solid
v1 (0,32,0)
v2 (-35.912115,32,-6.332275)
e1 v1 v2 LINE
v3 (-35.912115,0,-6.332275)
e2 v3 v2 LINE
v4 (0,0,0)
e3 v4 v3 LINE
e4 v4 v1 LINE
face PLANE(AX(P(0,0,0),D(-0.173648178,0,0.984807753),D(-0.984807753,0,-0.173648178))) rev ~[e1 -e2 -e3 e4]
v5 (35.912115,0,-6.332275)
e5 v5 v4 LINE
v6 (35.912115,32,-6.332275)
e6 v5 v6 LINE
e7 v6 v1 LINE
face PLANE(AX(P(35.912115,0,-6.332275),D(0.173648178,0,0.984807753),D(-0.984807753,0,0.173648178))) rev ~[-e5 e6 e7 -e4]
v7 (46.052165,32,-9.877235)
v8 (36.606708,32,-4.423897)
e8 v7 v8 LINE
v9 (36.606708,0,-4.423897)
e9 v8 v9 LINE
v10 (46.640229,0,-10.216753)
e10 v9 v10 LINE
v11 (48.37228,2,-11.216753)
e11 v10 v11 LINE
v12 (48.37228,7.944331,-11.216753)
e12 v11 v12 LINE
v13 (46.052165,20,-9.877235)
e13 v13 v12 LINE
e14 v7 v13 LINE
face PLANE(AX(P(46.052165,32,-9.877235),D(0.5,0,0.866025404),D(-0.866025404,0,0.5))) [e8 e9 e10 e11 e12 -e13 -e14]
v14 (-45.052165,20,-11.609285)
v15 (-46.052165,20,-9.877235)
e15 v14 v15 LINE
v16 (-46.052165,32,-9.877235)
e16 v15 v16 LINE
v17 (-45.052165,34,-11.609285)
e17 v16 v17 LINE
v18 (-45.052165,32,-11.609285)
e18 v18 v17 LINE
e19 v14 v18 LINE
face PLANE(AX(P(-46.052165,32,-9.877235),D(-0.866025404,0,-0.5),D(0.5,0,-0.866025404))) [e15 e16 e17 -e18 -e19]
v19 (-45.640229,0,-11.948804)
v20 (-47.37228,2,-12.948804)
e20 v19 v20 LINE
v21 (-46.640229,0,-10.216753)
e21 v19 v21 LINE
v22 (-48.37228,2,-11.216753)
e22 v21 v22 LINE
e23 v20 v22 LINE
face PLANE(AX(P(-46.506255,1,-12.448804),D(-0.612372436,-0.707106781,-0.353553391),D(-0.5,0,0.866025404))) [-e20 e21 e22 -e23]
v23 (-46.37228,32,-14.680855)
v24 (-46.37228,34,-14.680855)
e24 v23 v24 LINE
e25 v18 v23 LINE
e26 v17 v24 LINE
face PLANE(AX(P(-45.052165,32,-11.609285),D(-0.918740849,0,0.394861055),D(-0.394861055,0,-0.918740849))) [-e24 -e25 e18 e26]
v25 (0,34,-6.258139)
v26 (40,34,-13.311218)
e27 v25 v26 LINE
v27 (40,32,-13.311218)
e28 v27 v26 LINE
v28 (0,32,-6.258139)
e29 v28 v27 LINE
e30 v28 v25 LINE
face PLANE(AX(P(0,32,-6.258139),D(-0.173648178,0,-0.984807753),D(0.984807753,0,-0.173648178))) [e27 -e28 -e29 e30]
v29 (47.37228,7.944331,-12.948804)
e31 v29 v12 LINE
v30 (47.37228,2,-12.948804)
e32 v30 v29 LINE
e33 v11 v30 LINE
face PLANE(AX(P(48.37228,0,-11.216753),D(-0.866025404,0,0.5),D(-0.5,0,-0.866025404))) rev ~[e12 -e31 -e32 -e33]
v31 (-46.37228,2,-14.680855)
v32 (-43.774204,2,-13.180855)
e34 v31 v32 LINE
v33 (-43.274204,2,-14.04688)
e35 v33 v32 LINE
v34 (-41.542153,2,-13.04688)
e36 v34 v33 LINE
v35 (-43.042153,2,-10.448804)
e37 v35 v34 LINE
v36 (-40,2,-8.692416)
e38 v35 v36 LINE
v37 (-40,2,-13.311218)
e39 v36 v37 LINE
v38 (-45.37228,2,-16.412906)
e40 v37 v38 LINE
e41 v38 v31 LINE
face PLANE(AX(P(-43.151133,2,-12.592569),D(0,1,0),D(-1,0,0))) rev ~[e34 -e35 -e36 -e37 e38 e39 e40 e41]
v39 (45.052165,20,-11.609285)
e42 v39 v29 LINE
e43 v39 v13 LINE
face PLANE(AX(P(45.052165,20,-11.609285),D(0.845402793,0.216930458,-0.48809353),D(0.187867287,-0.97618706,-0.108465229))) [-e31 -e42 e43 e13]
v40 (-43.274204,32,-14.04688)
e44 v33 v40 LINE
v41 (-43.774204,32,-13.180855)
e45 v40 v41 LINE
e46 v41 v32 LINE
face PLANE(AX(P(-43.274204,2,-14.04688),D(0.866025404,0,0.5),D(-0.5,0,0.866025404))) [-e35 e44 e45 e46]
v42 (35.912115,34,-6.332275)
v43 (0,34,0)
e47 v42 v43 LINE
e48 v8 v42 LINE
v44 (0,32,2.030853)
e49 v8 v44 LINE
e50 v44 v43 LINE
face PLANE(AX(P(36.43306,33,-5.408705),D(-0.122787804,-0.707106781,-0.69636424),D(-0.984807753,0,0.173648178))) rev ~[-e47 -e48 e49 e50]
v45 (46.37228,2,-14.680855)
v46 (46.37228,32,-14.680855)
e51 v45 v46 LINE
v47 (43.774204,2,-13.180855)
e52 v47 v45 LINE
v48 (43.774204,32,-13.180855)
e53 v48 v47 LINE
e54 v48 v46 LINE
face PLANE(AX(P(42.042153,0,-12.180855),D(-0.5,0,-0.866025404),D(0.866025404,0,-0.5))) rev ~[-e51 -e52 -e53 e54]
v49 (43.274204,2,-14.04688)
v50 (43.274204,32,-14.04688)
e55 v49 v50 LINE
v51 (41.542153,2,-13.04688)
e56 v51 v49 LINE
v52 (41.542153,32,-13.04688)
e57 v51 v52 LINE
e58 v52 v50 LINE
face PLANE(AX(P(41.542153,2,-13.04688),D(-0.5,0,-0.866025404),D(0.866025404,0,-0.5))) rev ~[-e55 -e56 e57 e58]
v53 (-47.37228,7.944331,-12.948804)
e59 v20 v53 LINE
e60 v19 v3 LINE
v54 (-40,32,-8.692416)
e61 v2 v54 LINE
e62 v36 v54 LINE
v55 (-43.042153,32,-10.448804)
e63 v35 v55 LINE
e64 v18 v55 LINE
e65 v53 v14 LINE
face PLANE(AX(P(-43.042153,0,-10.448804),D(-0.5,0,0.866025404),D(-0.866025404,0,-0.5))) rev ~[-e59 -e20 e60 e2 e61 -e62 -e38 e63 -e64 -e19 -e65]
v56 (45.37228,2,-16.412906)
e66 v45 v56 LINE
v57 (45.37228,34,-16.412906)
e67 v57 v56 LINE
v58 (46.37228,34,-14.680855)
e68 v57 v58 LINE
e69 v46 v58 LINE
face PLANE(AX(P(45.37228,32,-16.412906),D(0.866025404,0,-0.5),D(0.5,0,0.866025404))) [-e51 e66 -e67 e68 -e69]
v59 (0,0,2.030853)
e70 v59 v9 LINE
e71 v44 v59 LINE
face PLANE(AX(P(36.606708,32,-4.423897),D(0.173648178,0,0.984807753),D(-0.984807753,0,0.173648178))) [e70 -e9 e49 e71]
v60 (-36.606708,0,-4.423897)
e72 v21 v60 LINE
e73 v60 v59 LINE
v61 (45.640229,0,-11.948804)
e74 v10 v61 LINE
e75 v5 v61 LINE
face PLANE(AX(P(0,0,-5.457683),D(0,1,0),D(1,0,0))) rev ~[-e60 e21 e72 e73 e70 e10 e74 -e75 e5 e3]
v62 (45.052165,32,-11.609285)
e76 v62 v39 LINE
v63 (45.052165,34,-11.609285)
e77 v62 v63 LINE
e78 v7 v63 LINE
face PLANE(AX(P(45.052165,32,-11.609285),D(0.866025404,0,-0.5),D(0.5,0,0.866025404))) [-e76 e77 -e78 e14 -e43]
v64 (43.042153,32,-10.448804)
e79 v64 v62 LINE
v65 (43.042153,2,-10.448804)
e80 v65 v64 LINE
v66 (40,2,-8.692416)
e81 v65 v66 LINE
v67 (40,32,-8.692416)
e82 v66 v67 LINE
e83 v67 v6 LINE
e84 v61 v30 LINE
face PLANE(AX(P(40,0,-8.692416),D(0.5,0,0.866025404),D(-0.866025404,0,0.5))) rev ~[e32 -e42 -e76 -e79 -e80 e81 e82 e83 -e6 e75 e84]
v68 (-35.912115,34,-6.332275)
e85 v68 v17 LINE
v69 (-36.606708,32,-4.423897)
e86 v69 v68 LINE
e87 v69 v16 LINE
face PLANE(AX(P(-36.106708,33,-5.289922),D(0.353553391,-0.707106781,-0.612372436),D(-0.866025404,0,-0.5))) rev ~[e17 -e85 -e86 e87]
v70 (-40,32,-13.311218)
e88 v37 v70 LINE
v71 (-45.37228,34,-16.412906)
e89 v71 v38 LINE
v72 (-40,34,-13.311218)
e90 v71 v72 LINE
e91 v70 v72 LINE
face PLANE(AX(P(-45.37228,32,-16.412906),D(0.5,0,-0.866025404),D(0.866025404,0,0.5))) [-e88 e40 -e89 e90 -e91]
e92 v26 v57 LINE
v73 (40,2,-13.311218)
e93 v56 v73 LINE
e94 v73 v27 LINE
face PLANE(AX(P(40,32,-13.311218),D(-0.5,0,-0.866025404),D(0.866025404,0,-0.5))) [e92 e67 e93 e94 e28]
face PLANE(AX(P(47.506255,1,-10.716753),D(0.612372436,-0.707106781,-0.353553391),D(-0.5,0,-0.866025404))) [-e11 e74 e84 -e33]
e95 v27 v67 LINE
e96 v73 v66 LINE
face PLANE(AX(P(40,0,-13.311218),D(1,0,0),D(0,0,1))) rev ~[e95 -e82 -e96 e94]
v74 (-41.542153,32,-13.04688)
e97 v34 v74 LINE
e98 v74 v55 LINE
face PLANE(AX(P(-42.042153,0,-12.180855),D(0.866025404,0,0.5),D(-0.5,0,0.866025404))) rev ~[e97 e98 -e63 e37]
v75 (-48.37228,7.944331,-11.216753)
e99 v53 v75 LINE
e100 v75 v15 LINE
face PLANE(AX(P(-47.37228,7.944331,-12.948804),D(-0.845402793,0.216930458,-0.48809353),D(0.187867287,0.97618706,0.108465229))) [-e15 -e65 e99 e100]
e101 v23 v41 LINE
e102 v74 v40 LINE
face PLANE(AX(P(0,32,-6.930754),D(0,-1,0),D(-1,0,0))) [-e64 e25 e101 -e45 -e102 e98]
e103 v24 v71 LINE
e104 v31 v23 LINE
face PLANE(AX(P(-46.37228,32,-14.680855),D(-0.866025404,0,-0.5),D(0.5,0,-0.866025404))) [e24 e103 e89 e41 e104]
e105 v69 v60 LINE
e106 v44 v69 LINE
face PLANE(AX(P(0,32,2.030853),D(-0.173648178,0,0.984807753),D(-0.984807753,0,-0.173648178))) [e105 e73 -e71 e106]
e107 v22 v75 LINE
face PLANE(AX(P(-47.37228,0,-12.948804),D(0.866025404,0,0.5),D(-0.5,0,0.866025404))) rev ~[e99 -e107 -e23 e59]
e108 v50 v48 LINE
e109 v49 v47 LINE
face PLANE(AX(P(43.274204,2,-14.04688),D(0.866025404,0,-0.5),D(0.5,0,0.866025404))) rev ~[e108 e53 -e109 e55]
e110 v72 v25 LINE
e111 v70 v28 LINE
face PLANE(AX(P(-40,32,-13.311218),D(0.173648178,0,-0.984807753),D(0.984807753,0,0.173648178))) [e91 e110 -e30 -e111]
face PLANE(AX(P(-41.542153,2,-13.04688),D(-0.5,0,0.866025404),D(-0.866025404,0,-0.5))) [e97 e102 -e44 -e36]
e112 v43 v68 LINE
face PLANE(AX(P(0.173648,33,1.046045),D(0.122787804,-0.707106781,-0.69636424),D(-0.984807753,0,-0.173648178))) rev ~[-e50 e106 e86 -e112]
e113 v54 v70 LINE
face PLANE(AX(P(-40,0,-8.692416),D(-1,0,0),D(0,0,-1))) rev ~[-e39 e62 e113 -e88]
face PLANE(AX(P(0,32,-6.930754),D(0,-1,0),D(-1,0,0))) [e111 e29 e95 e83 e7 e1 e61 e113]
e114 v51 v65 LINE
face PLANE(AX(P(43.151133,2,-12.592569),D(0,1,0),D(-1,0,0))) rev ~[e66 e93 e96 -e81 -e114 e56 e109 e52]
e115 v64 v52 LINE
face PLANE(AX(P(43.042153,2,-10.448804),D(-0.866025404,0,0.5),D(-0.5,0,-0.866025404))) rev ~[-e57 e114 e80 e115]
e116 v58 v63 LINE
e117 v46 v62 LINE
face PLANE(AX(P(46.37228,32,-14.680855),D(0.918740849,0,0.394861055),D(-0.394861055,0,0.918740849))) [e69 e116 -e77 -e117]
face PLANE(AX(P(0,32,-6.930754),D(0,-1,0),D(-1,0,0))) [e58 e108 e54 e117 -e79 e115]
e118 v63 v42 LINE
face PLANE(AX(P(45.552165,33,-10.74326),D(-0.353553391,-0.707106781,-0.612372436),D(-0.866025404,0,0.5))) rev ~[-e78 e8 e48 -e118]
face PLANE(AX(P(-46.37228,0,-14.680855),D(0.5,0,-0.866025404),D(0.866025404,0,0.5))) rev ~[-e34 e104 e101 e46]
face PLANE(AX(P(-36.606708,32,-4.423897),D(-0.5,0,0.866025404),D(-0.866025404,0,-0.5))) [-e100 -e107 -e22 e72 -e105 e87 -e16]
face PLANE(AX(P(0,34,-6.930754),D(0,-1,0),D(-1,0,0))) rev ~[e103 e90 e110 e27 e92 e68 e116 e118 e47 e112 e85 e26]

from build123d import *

# Parameters (mm, degrees)
BOSS_EXTRUDE2_DEPTH = 32
CUT_EXTRUDE2_DEPTH  = 2
CHAMFER3_SIZE       = 2
CUT_EXTRUDE3_DEPTH  = 2
BOSS_EXTRUDE4_DEPTH = 2
CHAMFER4_SIZE       = 2
CUT_EXTRUDE4_DEPTH  = 2
CUT_EXTRUDE5_DEPTH  = 30


with BuildPart() as part:
    # Sketch1 → Boss-Extrude2 (new body)
    with BuildSketch(Plane(origin=(0, 0, 0), x_dir=(1, 0, 0), z_dir=(0, 1, 0))):
        Polygon((-46.372280014218745, 14.680854952562456), (-42.04215299529653, 12.180854952562488), (-43.04215299529651, 10.448804144993609), (-47.372280014218724, 12.948804144993577), (-48.37228001421871, 11.216753337424702), (-36.60670775986293, 4.423897029202528), (1.0929e-13, -2.030853223771254), (36.60670775986312, 4.423897029202558), (48.37228001421891, 11.216753337424812), (47.37228001421898, 12.948804144993561), (43.04215299529678, 10.448804144993572), (42.04215299529679, 12.180854952562449), (46.37228001421899, 14.680854952562438), (45.372280014219, 16.412905760131313), (40, 13.31121844775995), (40, 8.692416294243028), (35.91211504919529, 6.332274817479665), (0, 0), (-35.91211504919526, 6.3322748174796235), (-40.00000000000001, 8.692416294243028), (-40.00000000000001, 13.311218447759854), (-45.37228001421887, 16.41290576013115), align=None)
    extrude(amount=BOSS_EXTRUDE2_DEPTH)

    # Sketch9 → Cut-Extrude2 (cut)
    with BuildSketch(Plane(origin=(6.236073334457828, 0, 10.801195855006485), x_dir=(-0.8660254037844402, 0, 0.4999999999999974), z_dir=(-0.4999999999999974, 0, -0.8660254037844402))):
        Polygon((-44.8209624184392, 20), (-47.50000000000022, 7.944330883818674), (-47.50000000000013, 32), (-44.8209624184392, 32), align=None)
    extrude(amount=-CUT_EXTRUDE2_DEPTH, mode=Mode.SUBTRACT)

    # Chamfer3
    chamfer3_edges = [part.edges().sort_by_distance(p)[0] for p in [
        (47.872280014218944, 0, -12.082778741209186),
        (-47.87228001421872, 0, -12.08277874120914),
    ]]
    chamfer(chamfer3_edges, length=CHAMFER3_SIZE)

    # Sketch8 → Cut-Extrude3 (cut)
    with BuildSketch(Plane(origin=(-6.236073334457578, 0, 10.801195855006183), x_dir=(-0.8660254037844388, 0, -0.49999999999999983), z_dir=(0.4999999999999998, 0, -0.8660254037844387))):
        Polygon((44.82096241843918, 32), (47.50000000000006, 32), (47.50000000000006, 7.944330883819361), (44.82096241843918, 20), align=None)
    extrude(amount=-CUT_EXTRUDE3_DEPTH, mode=Mode.SUBTRACT)

    # Sketch11 → Boss-Extrude4 (add)
    with BuildSketch(Plane(origin=(0, 32, 0), x_dir=(1, 0, 0), z_dir=(0, 1, 0))):
        Polygon((-46.37228001421867, 14.680854952562523), (-45.37228001421879, 16.4129057601312), (-40.00000000000001, 13.311218447759854), (-1.3184e-13, 6.258139219421286), (40, 13.31121844775995), (45.37228001421892, 16.412905760131267), (46.372280014218916, 14.680854952562392), (45.052165410893835, 11.609285354213014), (46.05216541089376, 9.87723454664427), (36.60670775986312, 4.423897029202558), (1.0929e-13, -2.030853223771254), (-36.60670775986293, 4.423897029202528), (-46.052165410893714, 9.877234546644353), (-45.0521654108937, 11.609285354213252), align=None)
    extrude(amount=BOSS_EXTRUDE4_DEPTH)

    # Chamfer4
    chamfer4_edges = [part.edges().sort_by_distance(p)[0] for p in [
        (18.303353879931613, 34, -1.1965219027156522),
        (-18.303353879931407, 34, -1.1965219027156366),
        (41.32943658537844, 34, -7.150565787923414),
        (-41.32943658537832, 34, -7.1505657879234406),
    ]]
    chamfer(chamfer4_edges, length=CHAMFER4_SIZE)

    # Sketch12 → Cut-Extrude4 (cut)
    with BuildSketch(Plane.XZ):
        Polygon((40, -8.692416294243028), (43.04215299529678, -10.448804144993572), (47.37228001421891, -12.948804144993517), (45.37228001421892, -16.412905760131267), (40, -13.31121844775995), align=None)
        Polygon((-47.37228001421867, -12.948804144993655), (-40.00000000000001, -8.692416294243028), (-40.00000000000001, -13.311218447759854), (-45.37228001421879, -16.4129057601312), align=None)
    extrude(amount=-CUT_EXTRUDE4_DEPTH, mode=Mode.SUBTRACT)

    # Sketch13 → Cut-Extrude5 (cut)
    with BuildSketch(Plane.XZ.offset(-2)):
        Polygon((43.04215299529678, -10.448804144993572), (42.04215299529679, -12.180854952562449), (41.54215299529678, -13.046880356346884), (43.27420380286566, -14.046880356346884), (44.774203802865564, -11.448804144993552), align=None)
        Polygon((-43.04215299529651, -10.448804144993609), (-42.04215299529653, -12.180854952562488), (-41.54215299529657, -13.046880356346884), (-43.27420380286547, -14.046880356346882), (-44.77420380286537, -11.448804144993701), align=None)
    extrude(amount=-CUT_EXTRUDE5_DEPTH, mode=Mode.SUBTRACT)


solid = part.part
